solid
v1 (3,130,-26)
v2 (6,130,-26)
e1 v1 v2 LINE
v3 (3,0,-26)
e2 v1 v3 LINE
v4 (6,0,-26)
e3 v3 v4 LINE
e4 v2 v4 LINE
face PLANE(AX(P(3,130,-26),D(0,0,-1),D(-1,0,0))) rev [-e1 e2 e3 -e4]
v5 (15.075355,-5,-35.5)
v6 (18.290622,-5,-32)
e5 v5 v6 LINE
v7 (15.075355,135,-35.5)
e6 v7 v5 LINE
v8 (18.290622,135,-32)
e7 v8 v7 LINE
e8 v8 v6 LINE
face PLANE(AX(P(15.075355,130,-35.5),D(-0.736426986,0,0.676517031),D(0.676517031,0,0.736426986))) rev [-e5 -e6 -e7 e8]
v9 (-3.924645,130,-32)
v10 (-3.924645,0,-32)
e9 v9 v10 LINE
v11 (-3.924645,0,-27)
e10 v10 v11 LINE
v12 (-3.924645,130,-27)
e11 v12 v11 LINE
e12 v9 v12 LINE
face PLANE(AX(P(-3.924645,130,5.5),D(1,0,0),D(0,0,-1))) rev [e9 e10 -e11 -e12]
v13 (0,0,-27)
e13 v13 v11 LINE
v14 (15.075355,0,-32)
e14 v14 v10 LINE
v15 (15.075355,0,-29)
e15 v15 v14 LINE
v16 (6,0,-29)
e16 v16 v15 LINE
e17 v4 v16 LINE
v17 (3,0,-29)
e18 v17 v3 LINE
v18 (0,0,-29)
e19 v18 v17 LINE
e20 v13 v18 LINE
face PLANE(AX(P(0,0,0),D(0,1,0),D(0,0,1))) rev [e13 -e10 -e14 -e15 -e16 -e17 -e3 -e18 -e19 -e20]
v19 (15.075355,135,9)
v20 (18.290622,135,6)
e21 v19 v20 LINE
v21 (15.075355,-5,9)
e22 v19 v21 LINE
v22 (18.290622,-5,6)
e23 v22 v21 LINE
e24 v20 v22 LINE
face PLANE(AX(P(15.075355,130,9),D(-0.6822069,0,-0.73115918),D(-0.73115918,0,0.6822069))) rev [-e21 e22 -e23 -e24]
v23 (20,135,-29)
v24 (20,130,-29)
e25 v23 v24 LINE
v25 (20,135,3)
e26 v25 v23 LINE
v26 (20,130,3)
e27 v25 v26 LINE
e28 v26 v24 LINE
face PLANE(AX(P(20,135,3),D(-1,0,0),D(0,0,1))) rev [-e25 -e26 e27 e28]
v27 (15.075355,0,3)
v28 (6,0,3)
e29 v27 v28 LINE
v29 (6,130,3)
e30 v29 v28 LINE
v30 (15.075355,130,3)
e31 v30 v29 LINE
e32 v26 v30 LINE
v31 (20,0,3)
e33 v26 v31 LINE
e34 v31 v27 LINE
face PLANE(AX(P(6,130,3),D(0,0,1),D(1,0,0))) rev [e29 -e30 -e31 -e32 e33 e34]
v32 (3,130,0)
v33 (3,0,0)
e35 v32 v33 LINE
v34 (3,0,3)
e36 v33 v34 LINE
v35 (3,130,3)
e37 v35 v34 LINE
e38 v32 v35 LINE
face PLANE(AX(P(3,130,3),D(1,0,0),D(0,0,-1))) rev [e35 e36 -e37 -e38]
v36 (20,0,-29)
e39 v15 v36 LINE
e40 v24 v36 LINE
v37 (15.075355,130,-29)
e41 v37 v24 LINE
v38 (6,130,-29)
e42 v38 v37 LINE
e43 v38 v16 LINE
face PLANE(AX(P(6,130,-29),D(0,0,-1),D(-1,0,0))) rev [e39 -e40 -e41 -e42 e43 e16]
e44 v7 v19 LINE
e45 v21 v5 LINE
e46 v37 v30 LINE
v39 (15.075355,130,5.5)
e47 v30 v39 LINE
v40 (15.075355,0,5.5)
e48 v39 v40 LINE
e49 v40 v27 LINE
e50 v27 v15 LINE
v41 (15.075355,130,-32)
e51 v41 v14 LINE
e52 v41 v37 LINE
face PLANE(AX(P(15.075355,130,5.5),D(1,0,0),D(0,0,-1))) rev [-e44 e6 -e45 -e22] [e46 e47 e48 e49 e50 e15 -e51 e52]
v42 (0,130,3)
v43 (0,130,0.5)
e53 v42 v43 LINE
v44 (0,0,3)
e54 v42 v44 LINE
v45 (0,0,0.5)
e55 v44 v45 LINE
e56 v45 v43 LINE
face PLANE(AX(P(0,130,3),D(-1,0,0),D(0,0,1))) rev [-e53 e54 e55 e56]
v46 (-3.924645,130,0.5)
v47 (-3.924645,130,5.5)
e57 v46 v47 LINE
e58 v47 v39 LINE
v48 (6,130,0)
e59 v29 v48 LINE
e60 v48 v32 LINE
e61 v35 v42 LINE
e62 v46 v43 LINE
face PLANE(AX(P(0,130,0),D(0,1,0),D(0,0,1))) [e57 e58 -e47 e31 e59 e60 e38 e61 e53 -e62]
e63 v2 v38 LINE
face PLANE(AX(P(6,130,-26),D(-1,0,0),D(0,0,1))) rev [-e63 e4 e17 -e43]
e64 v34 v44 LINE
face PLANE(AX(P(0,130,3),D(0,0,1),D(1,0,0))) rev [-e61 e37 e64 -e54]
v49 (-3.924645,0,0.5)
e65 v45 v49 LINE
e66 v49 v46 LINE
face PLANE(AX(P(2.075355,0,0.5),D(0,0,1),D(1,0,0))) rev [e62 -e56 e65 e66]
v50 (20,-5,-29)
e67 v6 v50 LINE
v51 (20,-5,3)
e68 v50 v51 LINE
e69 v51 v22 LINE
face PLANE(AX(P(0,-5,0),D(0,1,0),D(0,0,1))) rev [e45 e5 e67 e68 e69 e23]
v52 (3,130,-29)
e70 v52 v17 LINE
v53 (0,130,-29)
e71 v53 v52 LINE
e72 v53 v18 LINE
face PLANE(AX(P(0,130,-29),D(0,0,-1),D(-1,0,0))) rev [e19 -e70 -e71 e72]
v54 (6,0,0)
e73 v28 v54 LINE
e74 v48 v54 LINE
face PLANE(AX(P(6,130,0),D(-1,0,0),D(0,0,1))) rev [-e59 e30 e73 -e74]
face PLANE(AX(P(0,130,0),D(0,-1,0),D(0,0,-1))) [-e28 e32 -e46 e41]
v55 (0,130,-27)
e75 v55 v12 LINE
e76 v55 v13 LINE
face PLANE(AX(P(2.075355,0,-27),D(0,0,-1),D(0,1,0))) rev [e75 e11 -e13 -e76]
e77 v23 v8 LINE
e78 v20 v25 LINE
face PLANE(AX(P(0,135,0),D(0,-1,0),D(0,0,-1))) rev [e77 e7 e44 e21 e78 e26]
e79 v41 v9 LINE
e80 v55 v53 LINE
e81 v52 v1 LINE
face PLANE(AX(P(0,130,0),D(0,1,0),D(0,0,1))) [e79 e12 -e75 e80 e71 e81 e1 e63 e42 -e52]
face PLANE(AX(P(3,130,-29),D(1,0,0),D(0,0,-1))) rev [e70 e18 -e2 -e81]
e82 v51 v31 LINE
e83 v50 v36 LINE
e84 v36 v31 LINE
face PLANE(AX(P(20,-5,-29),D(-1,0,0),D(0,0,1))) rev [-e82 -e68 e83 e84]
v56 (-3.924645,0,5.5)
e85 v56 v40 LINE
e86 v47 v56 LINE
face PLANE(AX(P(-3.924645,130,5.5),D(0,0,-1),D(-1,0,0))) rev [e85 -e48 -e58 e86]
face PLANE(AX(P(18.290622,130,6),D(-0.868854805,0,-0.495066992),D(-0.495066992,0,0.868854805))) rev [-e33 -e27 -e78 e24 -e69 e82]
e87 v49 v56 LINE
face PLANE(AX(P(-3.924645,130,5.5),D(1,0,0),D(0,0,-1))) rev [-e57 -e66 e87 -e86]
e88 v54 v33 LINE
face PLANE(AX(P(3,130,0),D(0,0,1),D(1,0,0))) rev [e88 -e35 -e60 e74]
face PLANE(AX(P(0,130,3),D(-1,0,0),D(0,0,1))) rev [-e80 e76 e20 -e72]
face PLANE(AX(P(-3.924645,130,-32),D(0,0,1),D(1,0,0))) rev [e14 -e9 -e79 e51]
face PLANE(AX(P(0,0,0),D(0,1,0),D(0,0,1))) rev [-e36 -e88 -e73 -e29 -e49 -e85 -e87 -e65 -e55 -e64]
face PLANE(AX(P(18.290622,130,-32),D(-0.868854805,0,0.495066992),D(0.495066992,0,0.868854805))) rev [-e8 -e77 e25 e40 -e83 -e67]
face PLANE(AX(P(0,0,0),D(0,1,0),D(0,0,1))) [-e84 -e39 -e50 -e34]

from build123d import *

# Parameters (mm, degrees)
BOSS_EXTRUDE2_DEPTH = 130
BOSS_EXTRUDE3_DEPTH = 5
BOSS_EXTRUDE4_DEPTH = 5
CUT_EXTRUDE2_DEPTH  = 6


with BuildPart() as part:
    # Sketch1 → Boss-Extrude2 (new body)
    with BuildSketch(Plane(origin=(0, 0, 0), x_dir=(1, 0, 0), z_dir=(0, 1, 0))):
        Polygon((0, -3), (0, 29), (3, 29), (3, 26), (6, 26), (6, 29), (20, 29), (18.290622359, 32), (15.075355057, 35.5), (15.075355057, 32), (-3.924644943, 32), (-3.924644943, -5.5), (15.075355057, -5.5), (15.075355057, -9), (18.290622359, -6), (20, -3), (6, -3), (6, 0), (3, 0), (3, -3), align=None)
    extrude(amount=BOSS_EXTRUDE2_DEPTH)

    # Sketch2 → Boss-Extrude3 (add)
    with BuildSketch(Plane(origin=(0, 130, 0), x_dir=(1, 0, 0), z_dir=(0, 1, 0))):
        Polygon((15.075355057, 35.5), (15.075355057, -9), (18.290622359, -6), (20, -3), (20, 29), (18.290622359, 32), align=None)
    extrude(amount=BOSS_EXTRUDE3_DEPTH)

    # Sketch3 → Boss-Extrude4 (add)
    with BuildSketch(Plane.XZ):
        Polygon((15.075355057, 9), (15.075355057, -35.5), (18.290622359, -32), (20, -29), (20, 3), (18.290622359, 6), align=None)
    extrude(amount=BOSS_EXTRUDE4_DEPTH)

    # Sketch4 → Cut-Extrude2 (cut)
    with BuildSketch(Plane.ZY.offset(3.924644943)):
        Polygon((0.5, 5), (0.5, 125), (0.5, 130), (-27, 130), (-27, 125), (-27, 5), (-27, 0), (0.5, 0), align=None)
    extrude(amount=-CUT_EXTRUDE2_DEPTH, mode=Mode.SUBTRACT)


solid = part.part
